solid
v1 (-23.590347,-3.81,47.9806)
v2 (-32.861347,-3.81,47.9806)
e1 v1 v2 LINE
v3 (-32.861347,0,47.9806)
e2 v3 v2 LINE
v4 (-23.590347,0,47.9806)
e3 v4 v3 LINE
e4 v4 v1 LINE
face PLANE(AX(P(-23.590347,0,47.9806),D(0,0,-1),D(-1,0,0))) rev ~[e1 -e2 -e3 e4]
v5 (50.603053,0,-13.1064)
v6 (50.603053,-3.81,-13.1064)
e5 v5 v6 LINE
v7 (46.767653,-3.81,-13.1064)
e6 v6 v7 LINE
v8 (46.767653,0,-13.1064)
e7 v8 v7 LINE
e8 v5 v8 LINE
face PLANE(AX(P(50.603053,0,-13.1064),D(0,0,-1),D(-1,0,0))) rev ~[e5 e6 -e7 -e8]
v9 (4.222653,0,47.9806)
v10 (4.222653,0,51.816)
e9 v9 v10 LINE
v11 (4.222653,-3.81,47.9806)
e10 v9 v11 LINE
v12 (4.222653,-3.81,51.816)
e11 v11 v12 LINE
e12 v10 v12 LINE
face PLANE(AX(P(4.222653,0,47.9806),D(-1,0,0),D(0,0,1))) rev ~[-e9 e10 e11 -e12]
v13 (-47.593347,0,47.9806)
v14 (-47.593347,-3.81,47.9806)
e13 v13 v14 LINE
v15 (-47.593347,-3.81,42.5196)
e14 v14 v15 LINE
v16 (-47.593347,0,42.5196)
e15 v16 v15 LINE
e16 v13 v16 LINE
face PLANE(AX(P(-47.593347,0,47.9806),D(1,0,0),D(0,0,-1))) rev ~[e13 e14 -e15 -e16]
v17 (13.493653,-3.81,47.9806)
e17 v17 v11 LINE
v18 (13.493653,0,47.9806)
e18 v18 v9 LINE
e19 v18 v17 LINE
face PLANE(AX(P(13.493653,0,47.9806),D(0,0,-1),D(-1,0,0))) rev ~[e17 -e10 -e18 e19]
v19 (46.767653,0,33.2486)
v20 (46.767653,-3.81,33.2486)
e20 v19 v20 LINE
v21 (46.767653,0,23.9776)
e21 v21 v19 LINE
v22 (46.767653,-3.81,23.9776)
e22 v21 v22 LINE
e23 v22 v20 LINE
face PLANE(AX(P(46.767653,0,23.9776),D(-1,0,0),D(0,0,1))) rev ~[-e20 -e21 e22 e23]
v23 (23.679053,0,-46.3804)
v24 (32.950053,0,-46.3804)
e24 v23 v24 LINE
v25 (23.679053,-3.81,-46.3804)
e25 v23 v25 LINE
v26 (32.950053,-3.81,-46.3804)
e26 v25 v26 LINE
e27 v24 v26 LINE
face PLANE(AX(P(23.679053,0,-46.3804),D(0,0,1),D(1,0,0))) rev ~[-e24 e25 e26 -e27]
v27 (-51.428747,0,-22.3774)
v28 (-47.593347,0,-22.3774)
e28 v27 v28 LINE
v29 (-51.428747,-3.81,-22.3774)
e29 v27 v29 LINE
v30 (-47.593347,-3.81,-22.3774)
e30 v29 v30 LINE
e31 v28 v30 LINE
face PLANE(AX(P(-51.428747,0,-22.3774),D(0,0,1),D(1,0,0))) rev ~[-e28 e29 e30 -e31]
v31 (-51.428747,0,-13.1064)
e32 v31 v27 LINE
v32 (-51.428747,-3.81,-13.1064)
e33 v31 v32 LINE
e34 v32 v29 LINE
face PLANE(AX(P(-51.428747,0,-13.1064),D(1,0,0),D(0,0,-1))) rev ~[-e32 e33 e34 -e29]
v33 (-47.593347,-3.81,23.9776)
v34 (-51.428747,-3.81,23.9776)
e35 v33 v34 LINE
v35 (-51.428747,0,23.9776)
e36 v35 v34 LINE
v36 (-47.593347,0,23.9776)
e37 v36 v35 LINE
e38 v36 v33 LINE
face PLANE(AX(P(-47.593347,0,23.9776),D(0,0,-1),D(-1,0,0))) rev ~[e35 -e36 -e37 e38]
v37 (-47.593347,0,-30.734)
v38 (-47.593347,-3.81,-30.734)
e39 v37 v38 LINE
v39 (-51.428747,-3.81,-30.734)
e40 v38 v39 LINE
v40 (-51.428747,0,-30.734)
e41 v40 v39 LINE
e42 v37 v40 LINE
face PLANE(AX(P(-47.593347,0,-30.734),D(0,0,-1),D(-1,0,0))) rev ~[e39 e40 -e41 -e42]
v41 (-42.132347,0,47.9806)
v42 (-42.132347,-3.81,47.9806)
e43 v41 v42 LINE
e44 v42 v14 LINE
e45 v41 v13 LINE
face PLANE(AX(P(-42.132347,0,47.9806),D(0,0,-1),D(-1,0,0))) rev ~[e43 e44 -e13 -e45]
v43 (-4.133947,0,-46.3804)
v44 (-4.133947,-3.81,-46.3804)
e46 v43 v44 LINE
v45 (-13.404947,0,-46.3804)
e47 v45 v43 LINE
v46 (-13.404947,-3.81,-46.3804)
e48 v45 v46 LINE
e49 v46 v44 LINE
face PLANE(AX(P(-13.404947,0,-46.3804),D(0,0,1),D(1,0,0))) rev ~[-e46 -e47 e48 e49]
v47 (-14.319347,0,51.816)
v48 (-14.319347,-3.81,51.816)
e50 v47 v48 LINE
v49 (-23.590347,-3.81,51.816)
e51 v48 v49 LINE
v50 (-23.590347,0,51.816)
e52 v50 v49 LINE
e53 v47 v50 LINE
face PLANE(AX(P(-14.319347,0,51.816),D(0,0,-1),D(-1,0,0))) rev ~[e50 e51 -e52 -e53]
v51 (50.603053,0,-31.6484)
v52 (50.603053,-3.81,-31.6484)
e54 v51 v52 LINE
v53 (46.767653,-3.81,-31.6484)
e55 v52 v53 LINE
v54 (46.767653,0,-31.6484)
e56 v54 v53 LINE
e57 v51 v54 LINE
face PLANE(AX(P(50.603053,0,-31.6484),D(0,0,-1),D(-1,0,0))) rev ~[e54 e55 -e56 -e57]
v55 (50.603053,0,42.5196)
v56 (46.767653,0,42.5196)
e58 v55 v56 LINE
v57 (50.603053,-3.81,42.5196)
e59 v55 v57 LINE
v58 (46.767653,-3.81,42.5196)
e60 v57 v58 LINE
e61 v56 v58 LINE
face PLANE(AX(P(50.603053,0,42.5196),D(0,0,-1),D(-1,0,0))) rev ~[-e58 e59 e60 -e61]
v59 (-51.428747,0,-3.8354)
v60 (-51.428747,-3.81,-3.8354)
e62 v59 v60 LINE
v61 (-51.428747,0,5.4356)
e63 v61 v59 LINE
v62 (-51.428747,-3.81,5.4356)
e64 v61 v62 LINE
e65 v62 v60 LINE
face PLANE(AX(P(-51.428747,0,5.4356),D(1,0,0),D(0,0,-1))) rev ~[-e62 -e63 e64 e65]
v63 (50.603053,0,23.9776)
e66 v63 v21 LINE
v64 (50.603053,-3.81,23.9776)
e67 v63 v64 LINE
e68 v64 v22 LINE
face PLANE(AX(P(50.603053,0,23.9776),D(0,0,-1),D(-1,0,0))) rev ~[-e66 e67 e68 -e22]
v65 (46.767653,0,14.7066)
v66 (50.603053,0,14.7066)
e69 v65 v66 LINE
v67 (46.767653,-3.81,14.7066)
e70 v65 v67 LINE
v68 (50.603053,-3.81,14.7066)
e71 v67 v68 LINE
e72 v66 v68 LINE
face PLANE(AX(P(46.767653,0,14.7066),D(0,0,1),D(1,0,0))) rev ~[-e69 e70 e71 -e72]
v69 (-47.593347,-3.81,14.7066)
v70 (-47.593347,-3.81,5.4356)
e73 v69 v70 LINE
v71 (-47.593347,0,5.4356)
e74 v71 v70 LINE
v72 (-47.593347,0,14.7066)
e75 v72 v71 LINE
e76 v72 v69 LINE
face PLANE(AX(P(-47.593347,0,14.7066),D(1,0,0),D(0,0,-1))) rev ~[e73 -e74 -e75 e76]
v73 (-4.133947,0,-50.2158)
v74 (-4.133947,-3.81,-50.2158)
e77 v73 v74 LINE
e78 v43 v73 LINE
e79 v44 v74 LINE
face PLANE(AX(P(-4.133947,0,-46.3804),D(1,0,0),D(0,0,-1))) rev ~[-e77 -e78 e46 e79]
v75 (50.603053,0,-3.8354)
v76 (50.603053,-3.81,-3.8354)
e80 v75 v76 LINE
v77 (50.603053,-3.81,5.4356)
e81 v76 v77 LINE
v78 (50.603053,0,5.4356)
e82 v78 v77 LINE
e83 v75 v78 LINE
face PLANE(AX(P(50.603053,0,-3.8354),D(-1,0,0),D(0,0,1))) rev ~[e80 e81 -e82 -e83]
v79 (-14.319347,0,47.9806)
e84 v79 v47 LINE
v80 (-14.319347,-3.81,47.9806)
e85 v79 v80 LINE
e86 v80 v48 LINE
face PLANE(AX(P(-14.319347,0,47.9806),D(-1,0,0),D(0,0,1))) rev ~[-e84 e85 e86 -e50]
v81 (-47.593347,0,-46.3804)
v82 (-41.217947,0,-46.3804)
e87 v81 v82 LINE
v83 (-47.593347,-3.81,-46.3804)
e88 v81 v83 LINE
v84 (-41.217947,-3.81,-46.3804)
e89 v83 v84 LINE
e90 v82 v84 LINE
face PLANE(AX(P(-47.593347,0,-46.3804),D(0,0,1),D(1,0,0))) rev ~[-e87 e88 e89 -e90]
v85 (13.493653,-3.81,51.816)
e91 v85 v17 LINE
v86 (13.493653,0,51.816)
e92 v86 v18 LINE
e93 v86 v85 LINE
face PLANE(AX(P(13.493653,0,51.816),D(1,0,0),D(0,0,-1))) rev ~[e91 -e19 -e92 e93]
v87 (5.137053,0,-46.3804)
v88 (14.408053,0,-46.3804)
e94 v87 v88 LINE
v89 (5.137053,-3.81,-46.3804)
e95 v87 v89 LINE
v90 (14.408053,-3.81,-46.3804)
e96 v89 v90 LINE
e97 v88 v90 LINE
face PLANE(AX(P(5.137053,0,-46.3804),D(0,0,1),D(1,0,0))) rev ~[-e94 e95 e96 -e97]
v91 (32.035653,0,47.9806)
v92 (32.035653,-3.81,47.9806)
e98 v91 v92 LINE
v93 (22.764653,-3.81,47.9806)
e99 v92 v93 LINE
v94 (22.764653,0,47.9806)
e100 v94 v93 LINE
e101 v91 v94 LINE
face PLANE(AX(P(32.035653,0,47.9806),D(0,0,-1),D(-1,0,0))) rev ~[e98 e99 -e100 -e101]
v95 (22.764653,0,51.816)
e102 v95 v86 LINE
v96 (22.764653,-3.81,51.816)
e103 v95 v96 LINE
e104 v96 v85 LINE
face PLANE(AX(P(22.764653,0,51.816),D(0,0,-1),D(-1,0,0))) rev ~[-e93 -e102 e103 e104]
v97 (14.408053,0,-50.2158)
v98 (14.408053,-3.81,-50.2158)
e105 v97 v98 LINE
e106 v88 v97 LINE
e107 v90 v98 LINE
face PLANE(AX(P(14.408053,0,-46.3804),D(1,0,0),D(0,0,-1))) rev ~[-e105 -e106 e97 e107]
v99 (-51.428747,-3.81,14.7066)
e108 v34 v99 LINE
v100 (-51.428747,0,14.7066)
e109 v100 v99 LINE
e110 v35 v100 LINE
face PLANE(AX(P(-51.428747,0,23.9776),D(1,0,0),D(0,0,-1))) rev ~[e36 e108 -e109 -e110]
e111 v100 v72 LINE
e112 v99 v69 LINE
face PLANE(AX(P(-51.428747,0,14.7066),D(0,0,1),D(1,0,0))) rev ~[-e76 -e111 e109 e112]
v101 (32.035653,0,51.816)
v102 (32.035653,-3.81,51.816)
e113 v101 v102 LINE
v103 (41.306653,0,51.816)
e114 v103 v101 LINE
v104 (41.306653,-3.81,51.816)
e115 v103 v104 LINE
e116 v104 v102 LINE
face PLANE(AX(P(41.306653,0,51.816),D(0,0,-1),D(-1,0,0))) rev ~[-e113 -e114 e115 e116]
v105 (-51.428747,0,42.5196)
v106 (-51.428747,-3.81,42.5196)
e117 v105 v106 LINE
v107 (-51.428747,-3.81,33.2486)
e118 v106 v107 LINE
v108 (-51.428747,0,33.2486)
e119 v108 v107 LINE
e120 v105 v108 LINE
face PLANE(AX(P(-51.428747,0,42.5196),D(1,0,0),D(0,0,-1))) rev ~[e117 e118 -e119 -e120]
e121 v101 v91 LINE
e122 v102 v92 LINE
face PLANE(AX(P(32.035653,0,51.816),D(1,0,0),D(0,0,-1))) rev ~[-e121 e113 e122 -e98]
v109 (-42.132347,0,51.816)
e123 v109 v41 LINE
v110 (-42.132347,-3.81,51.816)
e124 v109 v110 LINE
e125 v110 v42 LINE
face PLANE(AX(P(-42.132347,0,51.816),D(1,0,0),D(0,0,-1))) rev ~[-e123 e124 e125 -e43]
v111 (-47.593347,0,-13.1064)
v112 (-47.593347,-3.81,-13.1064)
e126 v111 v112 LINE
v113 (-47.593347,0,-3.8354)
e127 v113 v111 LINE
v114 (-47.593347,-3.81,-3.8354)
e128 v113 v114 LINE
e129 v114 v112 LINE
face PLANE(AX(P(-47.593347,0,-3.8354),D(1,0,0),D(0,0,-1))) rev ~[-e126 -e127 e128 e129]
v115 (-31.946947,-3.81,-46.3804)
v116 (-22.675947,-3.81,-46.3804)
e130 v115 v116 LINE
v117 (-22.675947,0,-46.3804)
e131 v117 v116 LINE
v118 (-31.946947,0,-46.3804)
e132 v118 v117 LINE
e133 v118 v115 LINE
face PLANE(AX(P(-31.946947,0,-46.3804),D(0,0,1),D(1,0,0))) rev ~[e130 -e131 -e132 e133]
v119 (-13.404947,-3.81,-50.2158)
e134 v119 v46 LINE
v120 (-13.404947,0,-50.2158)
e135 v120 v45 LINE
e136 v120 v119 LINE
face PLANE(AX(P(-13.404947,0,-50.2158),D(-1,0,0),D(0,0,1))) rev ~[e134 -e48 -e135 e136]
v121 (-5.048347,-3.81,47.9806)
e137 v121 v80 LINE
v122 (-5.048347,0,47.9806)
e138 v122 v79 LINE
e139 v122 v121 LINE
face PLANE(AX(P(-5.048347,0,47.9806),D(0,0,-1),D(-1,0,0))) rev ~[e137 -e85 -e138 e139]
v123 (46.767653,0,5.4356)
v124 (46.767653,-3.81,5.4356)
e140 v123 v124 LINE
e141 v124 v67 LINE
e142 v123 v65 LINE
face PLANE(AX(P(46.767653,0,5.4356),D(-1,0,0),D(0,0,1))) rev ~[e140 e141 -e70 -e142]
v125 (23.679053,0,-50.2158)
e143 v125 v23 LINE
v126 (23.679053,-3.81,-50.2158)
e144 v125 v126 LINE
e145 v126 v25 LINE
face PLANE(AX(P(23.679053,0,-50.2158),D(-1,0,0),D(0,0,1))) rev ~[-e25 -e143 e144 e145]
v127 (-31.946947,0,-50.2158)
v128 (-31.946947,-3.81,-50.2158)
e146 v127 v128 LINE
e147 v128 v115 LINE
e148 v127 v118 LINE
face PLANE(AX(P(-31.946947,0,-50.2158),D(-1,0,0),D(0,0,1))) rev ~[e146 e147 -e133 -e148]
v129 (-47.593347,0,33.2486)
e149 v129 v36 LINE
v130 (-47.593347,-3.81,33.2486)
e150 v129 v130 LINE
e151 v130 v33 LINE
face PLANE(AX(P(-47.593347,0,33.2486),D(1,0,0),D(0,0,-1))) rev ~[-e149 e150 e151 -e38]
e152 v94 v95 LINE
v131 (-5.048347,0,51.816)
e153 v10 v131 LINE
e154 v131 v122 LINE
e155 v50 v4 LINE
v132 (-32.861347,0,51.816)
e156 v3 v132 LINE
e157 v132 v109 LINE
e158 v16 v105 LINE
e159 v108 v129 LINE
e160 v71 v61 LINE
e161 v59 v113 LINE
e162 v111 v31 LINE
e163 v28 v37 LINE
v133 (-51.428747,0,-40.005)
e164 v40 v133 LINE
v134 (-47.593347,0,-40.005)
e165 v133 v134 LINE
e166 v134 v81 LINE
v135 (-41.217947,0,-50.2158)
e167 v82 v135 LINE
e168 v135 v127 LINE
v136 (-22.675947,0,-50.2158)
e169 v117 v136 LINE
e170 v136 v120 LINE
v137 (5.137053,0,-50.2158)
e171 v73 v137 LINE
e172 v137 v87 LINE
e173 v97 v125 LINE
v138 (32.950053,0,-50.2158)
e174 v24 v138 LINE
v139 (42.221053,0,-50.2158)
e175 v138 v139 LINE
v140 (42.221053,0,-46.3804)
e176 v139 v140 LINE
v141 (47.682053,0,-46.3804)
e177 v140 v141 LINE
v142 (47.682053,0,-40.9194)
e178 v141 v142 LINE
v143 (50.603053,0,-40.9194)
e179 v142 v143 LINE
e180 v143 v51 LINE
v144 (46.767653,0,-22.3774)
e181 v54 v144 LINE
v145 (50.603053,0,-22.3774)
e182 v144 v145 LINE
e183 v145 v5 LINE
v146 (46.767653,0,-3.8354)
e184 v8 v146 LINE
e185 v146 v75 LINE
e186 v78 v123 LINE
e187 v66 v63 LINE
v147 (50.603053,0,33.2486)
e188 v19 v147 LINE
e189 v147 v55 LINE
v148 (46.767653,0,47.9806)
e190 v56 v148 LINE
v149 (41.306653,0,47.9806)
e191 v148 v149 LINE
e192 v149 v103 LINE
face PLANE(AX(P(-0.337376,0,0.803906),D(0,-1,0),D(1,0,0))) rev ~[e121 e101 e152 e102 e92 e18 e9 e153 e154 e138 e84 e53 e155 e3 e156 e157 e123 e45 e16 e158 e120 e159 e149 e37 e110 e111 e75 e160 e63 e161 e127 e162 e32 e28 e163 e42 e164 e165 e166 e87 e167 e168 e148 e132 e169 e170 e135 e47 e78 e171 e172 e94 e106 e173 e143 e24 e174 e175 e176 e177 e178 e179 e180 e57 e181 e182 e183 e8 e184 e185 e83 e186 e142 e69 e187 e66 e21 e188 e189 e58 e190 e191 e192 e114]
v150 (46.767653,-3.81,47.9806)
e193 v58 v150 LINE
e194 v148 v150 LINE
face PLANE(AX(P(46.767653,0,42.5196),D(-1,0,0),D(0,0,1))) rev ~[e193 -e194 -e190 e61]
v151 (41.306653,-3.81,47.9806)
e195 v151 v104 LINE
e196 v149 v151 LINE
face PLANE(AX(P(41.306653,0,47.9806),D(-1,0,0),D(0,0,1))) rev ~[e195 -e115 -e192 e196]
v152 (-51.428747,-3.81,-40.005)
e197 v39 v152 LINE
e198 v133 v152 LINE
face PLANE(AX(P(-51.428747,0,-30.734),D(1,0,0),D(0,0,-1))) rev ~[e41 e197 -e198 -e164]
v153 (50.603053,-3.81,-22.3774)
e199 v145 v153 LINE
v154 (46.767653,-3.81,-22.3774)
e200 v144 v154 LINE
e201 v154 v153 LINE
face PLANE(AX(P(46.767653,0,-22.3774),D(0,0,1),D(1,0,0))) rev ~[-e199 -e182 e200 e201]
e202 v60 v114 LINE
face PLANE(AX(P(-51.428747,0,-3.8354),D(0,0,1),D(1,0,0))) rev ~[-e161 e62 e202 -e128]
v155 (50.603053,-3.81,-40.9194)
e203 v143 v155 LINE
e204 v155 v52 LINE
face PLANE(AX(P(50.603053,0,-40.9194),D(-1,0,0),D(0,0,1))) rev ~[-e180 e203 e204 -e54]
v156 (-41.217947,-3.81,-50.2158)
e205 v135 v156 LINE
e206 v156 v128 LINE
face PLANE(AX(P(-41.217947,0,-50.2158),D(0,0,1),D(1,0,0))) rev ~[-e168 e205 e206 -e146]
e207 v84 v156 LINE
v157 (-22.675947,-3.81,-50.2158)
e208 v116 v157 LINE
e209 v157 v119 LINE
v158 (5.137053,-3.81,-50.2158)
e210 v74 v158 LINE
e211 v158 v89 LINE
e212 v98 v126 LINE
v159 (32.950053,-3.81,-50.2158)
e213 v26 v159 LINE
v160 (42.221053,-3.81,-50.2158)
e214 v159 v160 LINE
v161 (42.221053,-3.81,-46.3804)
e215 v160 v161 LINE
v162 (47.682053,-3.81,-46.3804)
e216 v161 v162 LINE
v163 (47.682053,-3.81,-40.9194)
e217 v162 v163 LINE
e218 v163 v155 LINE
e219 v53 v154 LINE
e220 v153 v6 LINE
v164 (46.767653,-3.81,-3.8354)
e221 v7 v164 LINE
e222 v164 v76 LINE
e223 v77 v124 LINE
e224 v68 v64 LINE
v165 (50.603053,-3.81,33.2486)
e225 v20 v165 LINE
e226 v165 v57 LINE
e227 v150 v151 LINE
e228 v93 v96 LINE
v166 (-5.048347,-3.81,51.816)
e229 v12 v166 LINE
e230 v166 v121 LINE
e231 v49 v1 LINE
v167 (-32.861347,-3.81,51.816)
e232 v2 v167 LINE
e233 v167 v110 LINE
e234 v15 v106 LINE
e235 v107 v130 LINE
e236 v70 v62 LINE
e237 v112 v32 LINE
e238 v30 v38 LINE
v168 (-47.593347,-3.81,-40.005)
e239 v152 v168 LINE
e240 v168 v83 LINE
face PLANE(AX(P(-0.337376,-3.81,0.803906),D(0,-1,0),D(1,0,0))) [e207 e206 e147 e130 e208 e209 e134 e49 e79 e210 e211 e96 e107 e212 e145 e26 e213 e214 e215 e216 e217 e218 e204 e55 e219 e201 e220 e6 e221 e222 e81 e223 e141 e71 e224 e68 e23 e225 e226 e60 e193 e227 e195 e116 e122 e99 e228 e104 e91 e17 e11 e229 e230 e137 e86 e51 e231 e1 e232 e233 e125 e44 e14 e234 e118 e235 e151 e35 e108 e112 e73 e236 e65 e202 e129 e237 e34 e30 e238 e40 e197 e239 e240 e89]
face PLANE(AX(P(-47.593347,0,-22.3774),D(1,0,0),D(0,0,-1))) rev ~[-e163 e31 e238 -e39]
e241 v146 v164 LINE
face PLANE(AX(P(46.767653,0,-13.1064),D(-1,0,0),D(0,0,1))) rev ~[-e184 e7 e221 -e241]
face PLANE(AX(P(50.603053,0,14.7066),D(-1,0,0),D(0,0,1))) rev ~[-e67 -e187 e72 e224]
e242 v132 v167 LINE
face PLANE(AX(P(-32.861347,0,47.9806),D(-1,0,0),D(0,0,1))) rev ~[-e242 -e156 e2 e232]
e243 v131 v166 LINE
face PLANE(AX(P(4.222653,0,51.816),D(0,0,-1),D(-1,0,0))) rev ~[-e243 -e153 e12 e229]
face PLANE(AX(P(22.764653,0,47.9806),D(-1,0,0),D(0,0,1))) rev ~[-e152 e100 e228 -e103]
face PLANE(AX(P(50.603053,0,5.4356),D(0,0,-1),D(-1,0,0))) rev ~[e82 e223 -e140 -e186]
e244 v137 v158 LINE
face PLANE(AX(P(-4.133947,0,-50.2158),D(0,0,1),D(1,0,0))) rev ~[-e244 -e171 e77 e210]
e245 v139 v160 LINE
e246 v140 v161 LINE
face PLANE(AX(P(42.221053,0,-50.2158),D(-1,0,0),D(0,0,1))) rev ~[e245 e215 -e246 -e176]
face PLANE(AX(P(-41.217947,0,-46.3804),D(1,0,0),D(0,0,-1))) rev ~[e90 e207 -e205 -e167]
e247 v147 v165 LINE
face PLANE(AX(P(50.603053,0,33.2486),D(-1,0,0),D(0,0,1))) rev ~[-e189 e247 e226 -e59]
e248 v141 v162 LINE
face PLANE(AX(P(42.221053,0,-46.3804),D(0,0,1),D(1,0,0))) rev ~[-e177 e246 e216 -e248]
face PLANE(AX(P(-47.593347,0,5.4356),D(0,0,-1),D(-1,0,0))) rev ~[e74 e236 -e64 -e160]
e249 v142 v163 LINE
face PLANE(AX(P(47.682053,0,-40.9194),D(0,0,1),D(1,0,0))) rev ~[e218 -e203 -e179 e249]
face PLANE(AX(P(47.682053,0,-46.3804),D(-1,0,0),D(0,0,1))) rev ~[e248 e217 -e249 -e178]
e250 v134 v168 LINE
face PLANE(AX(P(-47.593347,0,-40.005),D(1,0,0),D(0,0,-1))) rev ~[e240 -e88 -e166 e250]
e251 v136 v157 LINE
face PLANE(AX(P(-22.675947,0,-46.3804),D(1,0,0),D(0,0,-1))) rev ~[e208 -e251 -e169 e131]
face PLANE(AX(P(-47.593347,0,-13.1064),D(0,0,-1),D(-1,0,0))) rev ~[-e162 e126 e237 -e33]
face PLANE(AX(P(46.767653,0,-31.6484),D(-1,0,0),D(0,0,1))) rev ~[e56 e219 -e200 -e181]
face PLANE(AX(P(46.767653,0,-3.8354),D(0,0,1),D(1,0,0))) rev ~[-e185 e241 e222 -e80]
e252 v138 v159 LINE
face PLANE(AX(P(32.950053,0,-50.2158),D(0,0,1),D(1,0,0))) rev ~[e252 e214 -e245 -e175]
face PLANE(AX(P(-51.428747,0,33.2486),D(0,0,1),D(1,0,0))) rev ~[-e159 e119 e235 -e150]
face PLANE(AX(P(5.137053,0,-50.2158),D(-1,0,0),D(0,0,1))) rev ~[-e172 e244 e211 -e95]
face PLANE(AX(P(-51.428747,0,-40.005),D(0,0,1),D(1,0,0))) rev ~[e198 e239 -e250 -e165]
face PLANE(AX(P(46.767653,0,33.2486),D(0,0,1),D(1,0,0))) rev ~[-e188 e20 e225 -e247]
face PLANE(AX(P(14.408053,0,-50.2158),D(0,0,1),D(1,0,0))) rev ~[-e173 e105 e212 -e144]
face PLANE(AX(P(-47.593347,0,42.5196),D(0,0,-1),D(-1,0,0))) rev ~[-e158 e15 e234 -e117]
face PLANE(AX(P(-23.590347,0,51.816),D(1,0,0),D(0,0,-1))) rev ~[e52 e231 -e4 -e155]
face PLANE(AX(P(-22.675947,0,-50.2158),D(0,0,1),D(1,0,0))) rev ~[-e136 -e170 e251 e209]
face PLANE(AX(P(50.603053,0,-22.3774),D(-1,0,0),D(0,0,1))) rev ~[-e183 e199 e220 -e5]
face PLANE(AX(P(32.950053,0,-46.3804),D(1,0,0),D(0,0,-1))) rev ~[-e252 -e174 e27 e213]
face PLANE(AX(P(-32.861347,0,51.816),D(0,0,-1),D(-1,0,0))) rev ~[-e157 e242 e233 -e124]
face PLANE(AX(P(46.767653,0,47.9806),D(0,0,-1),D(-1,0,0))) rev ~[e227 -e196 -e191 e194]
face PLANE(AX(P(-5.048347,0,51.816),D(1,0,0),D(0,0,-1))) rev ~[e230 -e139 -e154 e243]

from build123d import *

# Parameters (mm, degrees)
F1_DEPTH = 3.81


with BuildPart() as f1:
    # F0 (on Front) → F1 (new body)
    with BuildSketch(Plane.XZ):
        Polygon((-47.593347, 14.7066), (-47.593347, 5.4356), (-51.428747, 5.4356), (-51.428747, -3.8354), (-47.593347, -3.8354), (-47.593347, -13.1064), (-51.428747, -13.1064), (-51.428747, -22.3774), (-47.593347, -22.3774), (-47.593347, -30.734), (-51.428747, -30.734), (-51.428747, -40.005), (-47.593347, -40.005), (-47.593347, -46.3804), (-41.217947, -46.3804), (-41.217947, -50.2158), (-31.946947, -50.2158), (-31.946947, -46.3804), (-22.675947, -46.3804), (-22.675947, -50.2158), (-13.404947, -50.2158), (-13.404947, -46.3804), (-4.133947, -46.3804), (-4.133947, -50.2158), (5.137053, -50.2158), (5.137053, -46.3804), (14.408053, -46.3804), (14.408053, -50.2158), (23.679053, -50.2158), (23.679053, -46.3804), (32.950053, -46.3804), (32.950053, -50.2158), (42.221053, -50.2158), (42.221053, -46.3804), (47.682053, -46.3804), (47.682053, -40.9194), (50.603053, -40.9194), (50.603053, -31.6484), (46.767653, -31.6484), (46.767653, -22.3774), (50.603053, -22.3774), (50.603053, -13.1064), (46.767653, -13.1064), (46.767653, -3.8354), (50.603053, -3.8354), (50.603053, 5.4356), (46.767653, 5.4356), (46.767653, 14.7066), (50.603053, 14.7066), (50.603053, 23.9776), (46.767653, 23.9776), (46.767653, 33.2486), (50.603053, 33.2486), (50.603053, 42.5196), (46.767653, 42.5196), (46.767653, 47.9806), (41.306653, 47.9806), (41.306653, 51.816), (32.035653, 51.816), (32.035653, 47.9806), (22.764653, 47.9806), (22.764653, 51.816), (13.493653, 51.816), (13.493653, 47.9806), (4.222653, 47.9806), (4.222653, 51.816), (-5.048347, 51.816), (-5.048347, 47.9806), (-14.319347, 47.9806), (-14.319347, 51.816), (-23.590347, 51.816), (-23.590347, 47.9806), (-32.861347, 47.9806), (-32.861347, 51.816), (-42.132347, 51.816), (-42.132347, 47.9806), (-47.593347, 47.9806), (-47.593347, 42.5196), (-51.428747, 42.5196), (-51.428747, 33.2486), (-47.593347, 33.2486), (-47.593347, 23.9776), (-51.428747, 23.9776), (-51.428747, 14.7066), align=None)
    extrude(amount=F1_DEPTH)


solid = f1.part
